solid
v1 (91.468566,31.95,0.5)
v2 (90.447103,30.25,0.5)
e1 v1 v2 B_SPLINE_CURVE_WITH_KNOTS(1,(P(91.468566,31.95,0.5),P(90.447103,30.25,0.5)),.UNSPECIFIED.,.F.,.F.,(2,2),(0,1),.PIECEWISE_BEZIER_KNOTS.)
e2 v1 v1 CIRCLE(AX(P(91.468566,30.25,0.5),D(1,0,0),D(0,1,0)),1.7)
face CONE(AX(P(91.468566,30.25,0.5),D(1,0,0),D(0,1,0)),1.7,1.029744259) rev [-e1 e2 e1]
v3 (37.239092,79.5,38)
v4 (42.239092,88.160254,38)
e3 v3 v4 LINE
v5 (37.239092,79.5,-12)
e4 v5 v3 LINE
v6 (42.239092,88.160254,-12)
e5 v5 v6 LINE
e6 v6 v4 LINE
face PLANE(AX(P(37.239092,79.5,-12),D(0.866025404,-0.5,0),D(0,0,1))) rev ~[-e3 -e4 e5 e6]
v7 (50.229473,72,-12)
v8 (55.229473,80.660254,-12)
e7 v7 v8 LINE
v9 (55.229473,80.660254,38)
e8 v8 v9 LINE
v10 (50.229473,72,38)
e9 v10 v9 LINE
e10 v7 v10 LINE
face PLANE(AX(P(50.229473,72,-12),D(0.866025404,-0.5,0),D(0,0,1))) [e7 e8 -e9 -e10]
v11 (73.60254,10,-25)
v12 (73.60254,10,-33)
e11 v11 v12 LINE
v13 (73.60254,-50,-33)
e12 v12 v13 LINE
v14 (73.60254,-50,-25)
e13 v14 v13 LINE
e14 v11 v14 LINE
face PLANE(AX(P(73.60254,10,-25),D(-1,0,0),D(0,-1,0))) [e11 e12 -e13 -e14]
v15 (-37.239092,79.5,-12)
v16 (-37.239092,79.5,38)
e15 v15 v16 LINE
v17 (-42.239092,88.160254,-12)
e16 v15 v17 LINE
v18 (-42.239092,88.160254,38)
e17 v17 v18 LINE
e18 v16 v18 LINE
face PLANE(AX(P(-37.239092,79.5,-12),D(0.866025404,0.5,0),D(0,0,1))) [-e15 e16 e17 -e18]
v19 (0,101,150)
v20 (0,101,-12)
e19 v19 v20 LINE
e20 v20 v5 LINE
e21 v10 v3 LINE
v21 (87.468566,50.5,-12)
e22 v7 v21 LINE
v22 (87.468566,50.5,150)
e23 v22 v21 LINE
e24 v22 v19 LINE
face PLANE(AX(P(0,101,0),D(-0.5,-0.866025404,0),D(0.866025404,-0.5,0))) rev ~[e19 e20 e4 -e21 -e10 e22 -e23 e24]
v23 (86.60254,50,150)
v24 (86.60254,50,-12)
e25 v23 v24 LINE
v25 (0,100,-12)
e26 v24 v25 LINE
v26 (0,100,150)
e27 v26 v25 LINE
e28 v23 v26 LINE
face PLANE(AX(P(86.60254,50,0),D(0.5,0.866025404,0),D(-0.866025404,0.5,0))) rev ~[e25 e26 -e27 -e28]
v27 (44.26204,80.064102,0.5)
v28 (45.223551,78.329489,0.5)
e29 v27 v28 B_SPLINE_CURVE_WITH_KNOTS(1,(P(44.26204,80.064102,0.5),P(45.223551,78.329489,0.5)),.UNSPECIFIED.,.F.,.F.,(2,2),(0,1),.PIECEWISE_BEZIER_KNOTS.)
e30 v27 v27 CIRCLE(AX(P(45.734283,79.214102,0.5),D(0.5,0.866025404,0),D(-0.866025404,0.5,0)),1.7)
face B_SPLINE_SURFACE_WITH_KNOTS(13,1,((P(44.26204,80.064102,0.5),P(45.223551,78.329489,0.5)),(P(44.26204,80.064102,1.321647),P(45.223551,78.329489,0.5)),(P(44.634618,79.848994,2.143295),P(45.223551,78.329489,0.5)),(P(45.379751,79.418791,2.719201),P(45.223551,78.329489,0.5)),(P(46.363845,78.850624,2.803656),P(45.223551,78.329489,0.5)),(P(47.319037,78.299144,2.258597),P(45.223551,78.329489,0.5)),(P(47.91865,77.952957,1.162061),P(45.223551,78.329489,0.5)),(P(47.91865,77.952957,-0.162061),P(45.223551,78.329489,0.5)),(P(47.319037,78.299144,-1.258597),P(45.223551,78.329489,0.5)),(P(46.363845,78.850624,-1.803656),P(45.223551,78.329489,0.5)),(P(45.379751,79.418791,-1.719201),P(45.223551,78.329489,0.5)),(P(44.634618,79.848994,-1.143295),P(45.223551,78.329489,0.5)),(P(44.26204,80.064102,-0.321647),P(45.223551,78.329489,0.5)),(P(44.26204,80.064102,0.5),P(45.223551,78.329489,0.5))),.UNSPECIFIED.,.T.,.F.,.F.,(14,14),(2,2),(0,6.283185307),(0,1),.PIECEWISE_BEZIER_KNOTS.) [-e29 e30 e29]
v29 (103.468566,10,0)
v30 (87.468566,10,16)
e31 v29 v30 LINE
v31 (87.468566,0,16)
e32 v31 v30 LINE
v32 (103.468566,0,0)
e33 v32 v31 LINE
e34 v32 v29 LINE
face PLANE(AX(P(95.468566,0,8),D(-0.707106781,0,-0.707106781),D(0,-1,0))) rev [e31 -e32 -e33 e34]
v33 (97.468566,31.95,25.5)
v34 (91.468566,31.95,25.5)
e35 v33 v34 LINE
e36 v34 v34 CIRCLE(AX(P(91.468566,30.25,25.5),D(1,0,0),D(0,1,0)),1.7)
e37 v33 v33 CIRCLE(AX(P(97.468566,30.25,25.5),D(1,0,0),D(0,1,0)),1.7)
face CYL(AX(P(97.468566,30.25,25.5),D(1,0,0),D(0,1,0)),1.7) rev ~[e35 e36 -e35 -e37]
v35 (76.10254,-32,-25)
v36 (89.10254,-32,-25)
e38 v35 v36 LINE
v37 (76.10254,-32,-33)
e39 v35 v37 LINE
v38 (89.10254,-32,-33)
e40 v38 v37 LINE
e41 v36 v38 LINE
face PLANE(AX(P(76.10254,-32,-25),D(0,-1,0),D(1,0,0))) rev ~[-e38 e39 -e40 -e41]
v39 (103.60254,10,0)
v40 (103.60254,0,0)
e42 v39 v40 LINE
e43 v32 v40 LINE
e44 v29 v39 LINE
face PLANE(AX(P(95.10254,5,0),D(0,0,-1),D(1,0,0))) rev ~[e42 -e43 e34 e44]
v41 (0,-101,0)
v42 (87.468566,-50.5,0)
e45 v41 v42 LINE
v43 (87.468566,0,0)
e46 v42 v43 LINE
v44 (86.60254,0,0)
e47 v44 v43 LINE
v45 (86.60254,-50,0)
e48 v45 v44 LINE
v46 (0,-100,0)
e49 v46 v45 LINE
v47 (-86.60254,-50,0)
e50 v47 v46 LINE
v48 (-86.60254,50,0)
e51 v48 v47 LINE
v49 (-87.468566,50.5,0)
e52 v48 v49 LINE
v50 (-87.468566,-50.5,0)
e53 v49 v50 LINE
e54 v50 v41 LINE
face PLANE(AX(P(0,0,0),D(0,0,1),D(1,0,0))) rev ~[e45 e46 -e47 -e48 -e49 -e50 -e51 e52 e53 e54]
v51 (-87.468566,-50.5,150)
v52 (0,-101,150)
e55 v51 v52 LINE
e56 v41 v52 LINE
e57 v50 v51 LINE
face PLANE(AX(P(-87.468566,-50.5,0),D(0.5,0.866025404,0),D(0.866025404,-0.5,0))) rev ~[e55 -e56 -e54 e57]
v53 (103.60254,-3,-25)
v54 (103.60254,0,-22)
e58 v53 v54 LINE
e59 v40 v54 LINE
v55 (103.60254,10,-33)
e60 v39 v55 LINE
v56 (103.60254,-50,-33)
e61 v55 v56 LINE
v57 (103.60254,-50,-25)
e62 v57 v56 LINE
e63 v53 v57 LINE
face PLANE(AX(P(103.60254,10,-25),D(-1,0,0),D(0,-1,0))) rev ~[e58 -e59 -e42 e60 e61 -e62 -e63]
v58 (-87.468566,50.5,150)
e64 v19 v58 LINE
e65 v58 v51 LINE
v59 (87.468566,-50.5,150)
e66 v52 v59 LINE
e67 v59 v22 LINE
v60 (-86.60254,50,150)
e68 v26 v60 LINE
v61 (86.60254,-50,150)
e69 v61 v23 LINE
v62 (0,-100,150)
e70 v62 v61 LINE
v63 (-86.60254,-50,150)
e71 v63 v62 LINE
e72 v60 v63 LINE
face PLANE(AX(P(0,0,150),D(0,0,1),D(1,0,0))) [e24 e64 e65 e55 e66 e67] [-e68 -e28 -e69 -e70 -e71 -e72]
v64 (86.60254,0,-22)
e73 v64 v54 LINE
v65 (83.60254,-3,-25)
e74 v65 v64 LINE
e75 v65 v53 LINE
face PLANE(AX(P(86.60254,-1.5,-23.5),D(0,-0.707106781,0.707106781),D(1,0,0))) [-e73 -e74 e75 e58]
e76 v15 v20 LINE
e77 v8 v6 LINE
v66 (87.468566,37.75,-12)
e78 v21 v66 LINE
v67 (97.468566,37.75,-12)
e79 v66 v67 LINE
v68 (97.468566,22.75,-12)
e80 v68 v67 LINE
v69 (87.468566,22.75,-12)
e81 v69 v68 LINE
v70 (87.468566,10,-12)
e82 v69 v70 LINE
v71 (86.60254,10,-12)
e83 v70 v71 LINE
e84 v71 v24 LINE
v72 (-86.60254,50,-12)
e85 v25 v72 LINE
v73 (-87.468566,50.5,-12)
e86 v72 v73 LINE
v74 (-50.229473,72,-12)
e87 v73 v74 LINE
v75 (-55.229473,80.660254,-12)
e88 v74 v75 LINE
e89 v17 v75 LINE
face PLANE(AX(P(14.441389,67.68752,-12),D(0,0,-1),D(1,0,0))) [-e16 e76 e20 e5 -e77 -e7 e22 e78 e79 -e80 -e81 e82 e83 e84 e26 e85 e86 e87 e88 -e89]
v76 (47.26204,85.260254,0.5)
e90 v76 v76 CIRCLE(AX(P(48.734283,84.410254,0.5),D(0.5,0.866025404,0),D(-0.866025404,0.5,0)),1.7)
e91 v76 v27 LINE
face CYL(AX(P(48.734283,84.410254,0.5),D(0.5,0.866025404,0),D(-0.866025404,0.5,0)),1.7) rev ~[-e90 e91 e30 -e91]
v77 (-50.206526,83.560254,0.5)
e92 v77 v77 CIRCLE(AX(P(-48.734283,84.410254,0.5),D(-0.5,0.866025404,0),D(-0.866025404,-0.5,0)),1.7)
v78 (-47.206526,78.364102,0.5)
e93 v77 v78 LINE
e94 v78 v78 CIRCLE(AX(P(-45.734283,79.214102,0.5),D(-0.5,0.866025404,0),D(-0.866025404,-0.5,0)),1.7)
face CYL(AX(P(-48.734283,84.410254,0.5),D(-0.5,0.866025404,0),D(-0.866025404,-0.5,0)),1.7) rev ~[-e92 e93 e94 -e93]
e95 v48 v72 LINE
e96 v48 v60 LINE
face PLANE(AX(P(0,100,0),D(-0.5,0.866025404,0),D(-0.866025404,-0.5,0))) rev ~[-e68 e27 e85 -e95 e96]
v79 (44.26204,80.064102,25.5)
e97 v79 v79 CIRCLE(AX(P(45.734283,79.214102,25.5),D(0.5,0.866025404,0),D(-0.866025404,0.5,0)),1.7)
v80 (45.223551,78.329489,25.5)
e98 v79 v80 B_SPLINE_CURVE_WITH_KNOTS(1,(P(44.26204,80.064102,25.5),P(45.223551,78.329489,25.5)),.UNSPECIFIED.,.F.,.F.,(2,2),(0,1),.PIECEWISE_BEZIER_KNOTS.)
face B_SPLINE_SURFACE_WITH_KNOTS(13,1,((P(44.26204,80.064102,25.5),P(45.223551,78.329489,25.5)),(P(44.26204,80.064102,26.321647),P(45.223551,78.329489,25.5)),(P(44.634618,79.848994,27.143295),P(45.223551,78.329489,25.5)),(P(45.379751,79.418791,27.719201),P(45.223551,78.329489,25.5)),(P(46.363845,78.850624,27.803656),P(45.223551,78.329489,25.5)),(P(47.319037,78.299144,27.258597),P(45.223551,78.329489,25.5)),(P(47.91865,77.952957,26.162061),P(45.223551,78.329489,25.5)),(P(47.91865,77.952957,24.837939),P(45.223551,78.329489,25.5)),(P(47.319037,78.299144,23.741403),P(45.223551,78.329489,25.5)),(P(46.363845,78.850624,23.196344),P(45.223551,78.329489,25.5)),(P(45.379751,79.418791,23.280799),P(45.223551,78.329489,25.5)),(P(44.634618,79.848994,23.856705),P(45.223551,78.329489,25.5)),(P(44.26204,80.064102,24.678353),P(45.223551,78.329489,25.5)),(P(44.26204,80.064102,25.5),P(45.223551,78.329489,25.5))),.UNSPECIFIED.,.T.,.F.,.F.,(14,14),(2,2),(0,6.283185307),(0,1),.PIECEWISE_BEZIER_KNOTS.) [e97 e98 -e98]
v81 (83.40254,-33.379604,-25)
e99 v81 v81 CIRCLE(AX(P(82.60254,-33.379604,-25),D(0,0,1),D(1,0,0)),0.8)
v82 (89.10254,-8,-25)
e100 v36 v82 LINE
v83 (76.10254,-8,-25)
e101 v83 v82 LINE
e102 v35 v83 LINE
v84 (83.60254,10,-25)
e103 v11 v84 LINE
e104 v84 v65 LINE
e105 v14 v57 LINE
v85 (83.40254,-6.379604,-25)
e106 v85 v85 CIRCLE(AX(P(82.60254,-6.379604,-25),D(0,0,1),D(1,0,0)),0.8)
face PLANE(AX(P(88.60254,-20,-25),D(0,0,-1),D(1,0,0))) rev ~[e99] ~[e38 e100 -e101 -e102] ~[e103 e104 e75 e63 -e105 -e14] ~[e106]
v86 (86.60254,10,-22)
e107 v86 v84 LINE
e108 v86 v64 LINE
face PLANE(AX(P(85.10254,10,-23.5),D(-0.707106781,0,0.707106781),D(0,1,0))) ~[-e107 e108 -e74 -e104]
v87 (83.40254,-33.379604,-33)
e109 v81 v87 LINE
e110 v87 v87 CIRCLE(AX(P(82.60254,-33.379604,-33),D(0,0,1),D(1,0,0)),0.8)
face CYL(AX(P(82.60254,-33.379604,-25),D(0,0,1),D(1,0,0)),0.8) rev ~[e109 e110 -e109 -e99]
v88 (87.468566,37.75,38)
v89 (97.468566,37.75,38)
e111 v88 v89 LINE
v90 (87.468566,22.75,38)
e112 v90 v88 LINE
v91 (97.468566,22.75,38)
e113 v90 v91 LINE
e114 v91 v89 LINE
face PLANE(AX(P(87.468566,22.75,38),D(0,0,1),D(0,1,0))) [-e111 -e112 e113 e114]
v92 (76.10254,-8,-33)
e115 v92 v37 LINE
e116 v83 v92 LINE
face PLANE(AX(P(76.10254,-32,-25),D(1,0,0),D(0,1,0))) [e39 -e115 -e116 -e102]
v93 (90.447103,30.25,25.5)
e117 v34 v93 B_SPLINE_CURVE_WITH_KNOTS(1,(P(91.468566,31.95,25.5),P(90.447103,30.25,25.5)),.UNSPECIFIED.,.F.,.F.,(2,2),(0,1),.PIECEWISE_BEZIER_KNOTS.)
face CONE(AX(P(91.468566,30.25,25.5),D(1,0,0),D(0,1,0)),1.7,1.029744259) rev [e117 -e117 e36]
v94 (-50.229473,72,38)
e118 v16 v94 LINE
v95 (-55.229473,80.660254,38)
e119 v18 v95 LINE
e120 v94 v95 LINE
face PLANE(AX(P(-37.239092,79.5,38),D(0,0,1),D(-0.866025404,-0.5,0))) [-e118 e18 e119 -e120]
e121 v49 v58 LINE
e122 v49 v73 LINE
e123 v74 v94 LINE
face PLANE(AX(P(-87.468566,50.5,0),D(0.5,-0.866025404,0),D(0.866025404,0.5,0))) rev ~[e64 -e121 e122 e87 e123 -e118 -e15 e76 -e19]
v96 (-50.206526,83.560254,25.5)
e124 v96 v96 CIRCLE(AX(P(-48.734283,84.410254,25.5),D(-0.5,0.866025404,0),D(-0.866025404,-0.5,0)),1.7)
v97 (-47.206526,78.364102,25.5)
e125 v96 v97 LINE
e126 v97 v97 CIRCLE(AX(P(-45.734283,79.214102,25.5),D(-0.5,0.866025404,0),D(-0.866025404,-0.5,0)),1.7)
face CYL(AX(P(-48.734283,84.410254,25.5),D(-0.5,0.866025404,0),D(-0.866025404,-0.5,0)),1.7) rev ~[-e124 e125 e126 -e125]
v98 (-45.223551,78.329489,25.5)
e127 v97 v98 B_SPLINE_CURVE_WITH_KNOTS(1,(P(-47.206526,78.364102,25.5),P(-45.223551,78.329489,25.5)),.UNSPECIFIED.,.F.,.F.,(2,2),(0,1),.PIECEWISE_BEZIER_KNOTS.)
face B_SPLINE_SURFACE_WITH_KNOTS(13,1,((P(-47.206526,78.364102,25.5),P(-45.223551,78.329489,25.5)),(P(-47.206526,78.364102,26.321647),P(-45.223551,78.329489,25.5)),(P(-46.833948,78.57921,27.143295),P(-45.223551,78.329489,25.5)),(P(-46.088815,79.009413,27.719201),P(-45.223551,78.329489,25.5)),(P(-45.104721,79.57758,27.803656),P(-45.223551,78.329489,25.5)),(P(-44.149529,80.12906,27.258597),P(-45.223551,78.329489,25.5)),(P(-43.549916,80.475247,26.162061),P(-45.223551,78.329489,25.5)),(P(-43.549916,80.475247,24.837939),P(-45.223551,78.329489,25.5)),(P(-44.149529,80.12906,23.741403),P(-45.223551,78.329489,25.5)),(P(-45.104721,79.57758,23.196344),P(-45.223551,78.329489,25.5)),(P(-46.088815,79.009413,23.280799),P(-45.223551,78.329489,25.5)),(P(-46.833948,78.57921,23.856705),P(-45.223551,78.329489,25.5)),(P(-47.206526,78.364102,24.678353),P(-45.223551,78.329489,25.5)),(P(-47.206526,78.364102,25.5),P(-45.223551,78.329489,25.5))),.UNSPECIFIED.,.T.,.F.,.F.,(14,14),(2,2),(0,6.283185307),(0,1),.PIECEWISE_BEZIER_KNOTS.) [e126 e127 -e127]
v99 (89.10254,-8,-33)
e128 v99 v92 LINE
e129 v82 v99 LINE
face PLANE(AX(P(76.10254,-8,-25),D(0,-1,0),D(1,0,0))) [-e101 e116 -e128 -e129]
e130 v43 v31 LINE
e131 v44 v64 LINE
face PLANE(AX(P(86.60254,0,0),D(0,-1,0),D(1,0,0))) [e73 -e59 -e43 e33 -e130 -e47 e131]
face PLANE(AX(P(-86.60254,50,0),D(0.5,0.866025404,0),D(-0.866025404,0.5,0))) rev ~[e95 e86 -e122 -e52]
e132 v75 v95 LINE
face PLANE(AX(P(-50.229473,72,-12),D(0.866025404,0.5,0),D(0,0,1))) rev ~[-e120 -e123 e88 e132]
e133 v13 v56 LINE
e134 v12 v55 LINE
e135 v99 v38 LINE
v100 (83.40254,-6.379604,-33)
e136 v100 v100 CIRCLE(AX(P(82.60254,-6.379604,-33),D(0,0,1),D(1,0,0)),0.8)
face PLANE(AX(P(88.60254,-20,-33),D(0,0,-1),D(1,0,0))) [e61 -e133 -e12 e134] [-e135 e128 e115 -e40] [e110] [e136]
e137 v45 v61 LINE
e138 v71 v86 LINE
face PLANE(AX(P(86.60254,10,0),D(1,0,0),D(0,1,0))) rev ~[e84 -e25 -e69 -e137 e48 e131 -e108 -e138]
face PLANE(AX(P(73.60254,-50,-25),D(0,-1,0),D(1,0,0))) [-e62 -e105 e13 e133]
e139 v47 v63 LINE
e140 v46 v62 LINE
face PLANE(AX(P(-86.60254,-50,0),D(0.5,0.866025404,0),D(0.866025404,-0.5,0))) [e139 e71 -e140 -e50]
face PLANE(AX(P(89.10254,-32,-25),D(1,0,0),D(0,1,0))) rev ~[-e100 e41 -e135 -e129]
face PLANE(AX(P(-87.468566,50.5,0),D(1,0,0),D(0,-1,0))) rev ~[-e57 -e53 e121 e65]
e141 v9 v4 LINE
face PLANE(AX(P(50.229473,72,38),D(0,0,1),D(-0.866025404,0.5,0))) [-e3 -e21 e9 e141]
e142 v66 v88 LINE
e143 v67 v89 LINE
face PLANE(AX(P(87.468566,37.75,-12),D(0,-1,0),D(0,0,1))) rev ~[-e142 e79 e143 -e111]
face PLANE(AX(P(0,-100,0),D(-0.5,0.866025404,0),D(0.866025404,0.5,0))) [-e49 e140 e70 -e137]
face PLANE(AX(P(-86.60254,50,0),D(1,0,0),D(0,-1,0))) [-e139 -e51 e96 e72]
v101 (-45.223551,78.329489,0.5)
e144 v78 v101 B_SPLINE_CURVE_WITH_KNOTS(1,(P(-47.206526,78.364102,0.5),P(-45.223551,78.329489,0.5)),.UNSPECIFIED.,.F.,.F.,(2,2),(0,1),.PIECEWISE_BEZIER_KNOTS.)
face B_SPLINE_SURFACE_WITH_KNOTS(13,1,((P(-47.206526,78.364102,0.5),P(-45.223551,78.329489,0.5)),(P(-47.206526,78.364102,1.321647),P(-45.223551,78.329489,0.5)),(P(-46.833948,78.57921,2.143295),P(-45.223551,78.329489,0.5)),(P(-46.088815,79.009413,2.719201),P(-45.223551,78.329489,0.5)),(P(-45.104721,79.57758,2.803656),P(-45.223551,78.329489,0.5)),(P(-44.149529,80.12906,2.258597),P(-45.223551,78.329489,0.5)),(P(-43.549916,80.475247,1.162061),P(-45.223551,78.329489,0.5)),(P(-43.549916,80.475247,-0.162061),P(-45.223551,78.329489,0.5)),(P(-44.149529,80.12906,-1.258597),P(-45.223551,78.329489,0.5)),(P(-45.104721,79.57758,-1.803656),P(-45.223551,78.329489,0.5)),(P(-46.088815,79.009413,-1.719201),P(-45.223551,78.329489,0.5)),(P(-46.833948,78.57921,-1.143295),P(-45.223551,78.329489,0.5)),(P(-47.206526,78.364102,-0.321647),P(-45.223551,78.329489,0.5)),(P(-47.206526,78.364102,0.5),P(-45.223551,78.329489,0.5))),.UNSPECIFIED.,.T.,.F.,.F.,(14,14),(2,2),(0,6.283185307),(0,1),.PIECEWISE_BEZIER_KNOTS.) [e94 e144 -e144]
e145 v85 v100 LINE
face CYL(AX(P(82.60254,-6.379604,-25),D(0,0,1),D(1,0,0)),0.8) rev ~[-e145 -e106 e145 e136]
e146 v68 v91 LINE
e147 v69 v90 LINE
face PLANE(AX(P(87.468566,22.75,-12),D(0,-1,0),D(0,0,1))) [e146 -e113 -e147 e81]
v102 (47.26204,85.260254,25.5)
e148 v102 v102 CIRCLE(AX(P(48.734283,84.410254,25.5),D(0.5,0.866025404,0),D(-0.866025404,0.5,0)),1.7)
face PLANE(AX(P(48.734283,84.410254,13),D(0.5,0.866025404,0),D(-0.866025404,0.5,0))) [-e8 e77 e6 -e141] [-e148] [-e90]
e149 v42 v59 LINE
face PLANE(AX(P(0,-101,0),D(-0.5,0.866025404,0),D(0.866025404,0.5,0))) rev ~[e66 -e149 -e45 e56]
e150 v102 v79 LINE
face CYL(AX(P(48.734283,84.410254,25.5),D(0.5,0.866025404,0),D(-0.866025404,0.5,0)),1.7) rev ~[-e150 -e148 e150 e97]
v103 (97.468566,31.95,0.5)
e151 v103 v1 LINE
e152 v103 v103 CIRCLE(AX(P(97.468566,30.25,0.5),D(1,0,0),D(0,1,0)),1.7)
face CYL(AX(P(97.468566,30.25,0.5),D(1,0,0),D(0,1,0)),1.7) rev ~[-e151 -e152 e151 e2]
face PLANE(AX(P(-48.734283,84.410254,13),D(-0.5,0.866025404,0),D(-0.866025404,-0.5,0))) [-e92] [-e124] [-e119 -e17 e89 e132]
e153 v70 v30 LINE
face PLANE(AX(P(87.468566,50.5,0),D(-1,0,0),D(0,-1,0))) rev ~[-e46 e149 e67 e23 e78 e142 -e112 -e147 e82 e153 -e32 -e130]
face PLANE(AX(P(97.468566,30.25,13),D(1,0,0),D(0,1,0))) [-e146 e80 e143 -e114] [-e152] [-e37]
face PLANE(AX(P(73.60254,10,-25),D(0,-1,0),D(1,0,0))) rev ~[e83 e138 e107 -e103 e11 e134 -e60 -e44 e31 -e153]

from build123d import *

# Parameters (mm, degrees)
PAD_DEPTH       = 150
SKETCH001_W     = 17
SKETCH001_H     = 10
PAD001_DEPTH    = 25
SKETCH002_W     = 30
SKETCH002_H     = 60
PAD002_DEPTH    = 8
SKETCH003_W     = 13
SKETCH003_H     = 24
POCKET_DEPTH    = 8.001
SKETCH004_R     = 0.8
HOLE_DEPTH      = 25
CHAMFER_SIZE    = 16
CHAMFER001_SIZE = 3
PAD003_DEPTH    = 12
SKETCH006_W     = 15
SKETCH006_H     = 50
PAD004_DEPTH    = 10
SKETCH007_R     = 1.7
HOLE001_DEPTH   = 6
HOLE001_TIPS_R  = 1.7
SKETCH008_W     = 15
SKETCH008_H     = 50
PAD005_DEPTH    = 10
SKETCH009_R     = 1.7
HOLE002_DEPTH   = 6
HOLE002_TIPS_R  = 1.7
SKETCH010_W     = 15
SKETCH010_H     = 50
PAD006_DEPTH    = 10
SKETCH011_R     = 1.7
HOLE003_DEPTH   = 6
HOLE003_TIPS_R  = 1.7


with BuildPart() as part:
    # Sketch → Pad (new body)
    with BuildSketch(Plane.XY):
        Polygon((87.4685657822, -50.5), (87.4685657822, 50.5), (0, 101), (-87.4685657822, 50.5), (-87.4685657822, -50.5), (0, -101), align=None)
        Polygon((86.6025403784, 50), (0, 100), (-86.6025403784, 50), (-86.6025403784, -50), (0, -100), (86.6025403784, -50), align=None, mode=Mode.SUBTRACT)
    extrude(amount=PAD_DEPTH)

    # Sketch001 (on Face13 of Pad) → Pad001 (join)
    with BuildSketch(Plane(origin=(0, 0, 0), x_dir=(1, 0, 0), z_dir=(0, 0, -1))):
        with Locations((95.1025403784, -5)):
            Rectangle(SKETCH001_W, SKETCH001_H)
    extrude(amount=PAD001_DEPTH)

    # Sketch002 (on Face20 of Pad001) → Pad002 (join)
    with BuildSketch(Plane(origin=(0, 0, -25), x_dir=(1, 0, 0), z_dir=(0, 0, -1))):
        with Locations((88.6025403784, 20)):
            Rectangle(SKETCH002_W, SKETCH002_H)
    extrude(amount=PAD002_DEPTH)

    # Sketch003 (on Face21 of Pad002) → Pocket (cut, through all)
    with BuildSketch(Plane.XY.offset(-25)):
        with Locations((82.6025403784, -20)):
            Rectangle(SKETCH003_W, SKETCH003_H)
    extrude(amount=-POCKET_DEPTH, mode=Mode.SUBTRACT)

    # Sketch004 (on Face21 of Pocket) → Hole (cut)
    with BuildSketch(Plane.XY.offset(-25)):
        with Locations((82.6025403784, -6.379604)):
            Circle(SKETCH004_R)
        with Locations((82.6025403784, -33.379604)):
            Circle(SKETCH004_R)
    extrude(amount=-HOLE_DEPTH, mode=Mode.SUBTRACT)

    # Chamfer
    chamfer_edges = [part.edges().sort_by_distance(p)[0] for p in [
        (87.468566, 5, 0),
    ]]
    chamfer(chamfer_edges, length=CHAMFER_SIZE)

    # Chamfer001
    chamfer001_edges = [part.edges().sort_by_distance(p)[0] for p in [
        (95.10254, 0, -25),
        (86.60254, 5, -25),
    ]]
    chamfer(chamfer001_edges, length=CHAMFER001_SIZE)

    # Sketch005 (on Face7 of Chamfer001) → Pad003 (join)
    with BuildSketch(Plane(origin=(0, 0, 0), x_dir=(1, 0, 0), z_dir=(0, 0, -1))):
        Polygon((86.6025403784, -10), (86.6025403784, -50), (0, -100), (-86.6025403784, -50), (-87.4685657822, -50.5), (0, -101), (87.4685657822, -50.5), (87.4685657822, -10), align=None)
    extrude(amount=PAD003_DEPTH)

    # Sketch006 (on Face23 of Pad003) → Pad004 (join)
    with BuildSketch(Plane.YZ.offset(87.4685657822)):
        with Locations((30.25, 13)):
            Rectangle(SKETCH006_W, SKETCH006_H)
    extrude(amount=PAD004_DEPTH)

    # Sketch007 (on Face47 of Pad004) → Hole001 (cut)
    with BuildSketch(Plane.YZ.offset(97.4685657822)):
        with Locations((30.25, 25.5)):
            Circle(SKETCH007_R)
        with Locations((30.25, 0.5)):
            Circle(SKETCH007_R)
    extrude(amount=-HOLE001_DEPTH, mode=Mode.SUBTRACT)

    # Hole001 tips → Hole001 tip 1 section 0
    with BuildSketch(Plane.YZ.offset(91.4685657822), mode=Mode.PRIVATE) as hole001_tip_1_s0:
        with Locations((30.25, 25.5)):
            Circle(HOLE001_TIPS_R)
    loft([hole001_tip_1_s0.sketch, Vertex(90.4471027299, 30.25, 25.5)], mode=Mode.SUBTRACT)

    # Hole001 tips → Hole001 tip 2 section 0
    with BuildSketch(Plane.YZ.offset(91.4685657822), mode=Mode.PRIVATE) as hole001_tip_2_s0:
        with Locations((30.25, 0.5)):
            Circle(HOLE001_TIPS_R)
    loft([hole001_tip_2_s0.sketch, Vertex(90.4471027299, 30.25, 0.5)], mode=Mode.SUBTRACT)

    # Sketch008 (on Face48 of Hole001) → Pad005 (join)
    with BuildSketch(Plane(origin=(43.7342828911, 75.75, 0), x_dir=(-0.8660254038, 0.5, 0), z_dir=(0.5, 0.8660254038, 0))):
        with Locations((0, 13)):
            Rectangle(SKETCH008_W, SKETCH008_H)
    extrude(amount=PAD005_DEPTH)

    # Sketch009 (on Face56 of Pad005) → Hole002 (cut)
    with BuildSketch(Plane(origin=(48.7342828911, 84.4102540378, 0), x_dir=(-0.8660254038, 0.5, 0), z_dir=(0.5, 0.8660254038, 0))):
        with Locations((0, 25.5)):
            Circle(SKETCH009_R)
        with Locations((0, 0.5)):
            Circle(SKETCH009_R)
    extrude(amount=-HOLE002_DEPTH, mode=Mode.SUBTRACT)

    # Hole002 tips → Hole002 tip 1 section 0
    with BuildSketch(Plane(origin=(45.7342828911, 79.2141016151, 0), x_dir=(-0.8660254038, 0.5, 0), z_dir=(0.5, 0.8660254038, 0)), mode=Mode.PRIVATE) as hole002_tip_1_s0:
        with Locations((0, 25.5)):
            Circle(HOLE002_TIPS_R)
    loft([hole002_tip_1_s0.sketch, Vertex(45.2235513649, 78.3294886628, 25.5)], mode=Mode.SUBTRACT)

    # Hole002 tips → Hole002 tip 2 section 0
    with BuildSketch(Plane(origin=(45.7342828911, 79.2141016151, 0), x_dir=(-0.8660254038, 0.5, 0), z_dir=(0.5, 0.8660254038, 0)), mode=Mode.PRIVATE) as hole002_tip_2_s0:
        with Locations((0, 0.5)):
            Circle(HOLE002_TIPS_R)
    loft([hole002_tip_2_s0.sketch, Vertex(45.2235513649, 78.3294886628, 0.5)], mode=Mode.SUBTRACT)

    # Sketch010 (on Face44 of Hole002) → Pad006 (join)
    with BuildSketch(Plane(origin=(-43.7342828911, 75.75, 0), x_dir=(-0.8660254038, -0.5, 0), z_dir=(-0.5, 0.8660254038, 0))):
        with Locations((0, 13)):
            Rectangle(SKETCH010_W, SKETCH010_H)
    extrude(amount=PAD006_DEPTH)

    # Sketch011 (on Face62 of Pad006) → Hole003 (cut)
    with BuildSketch(Plane(origin=(-48.7342828911, 84.4102540378, 0), x_dir=(-0.8660254038, -0.5, 0), z_dir=(-0.5, 0.8660254038, 0))):
        with Locations((0, 25.5)):
            Circle(SKETCH011_R)
        with Locations((0, 0.5)):
            Circle(SKETCH011_R)
    extrude(amount=-HOLE003_DEPTH, mode=Mode.SUBTRACT)

    # Hole003 tips → Hole003 tip 1 section 0
    with BuildSketch(Plane(origin=(-45.7342828911, 79.2141016151, 0), x_dir=(-0.8660254038, -0.5, 0), z_dir=(-0.5, 0.8660254038, 0)), mode=Mode.PRIVATE) as hole003_tip_1_s0:
        with Locations((0, 25.5)):
            Circle(HOLE003_TIPS_R)
    loft([hole003_tip_1_s0.sketch, Vertex(-45.2235513649, 78.3294886628, 25.5)], mode=Mode.SUBTRACT)

    # Hole003 tips → Hole003 tip 2 section 0
    with BuildSketch(Plane(origin=(-45.7342828911, 79.2141016151, 0), x_dir=(-0.8660254038, -0.5, 0), z_dir=(-0.5, 0.8660254038, 0)), mode=Mode.PRIVATE) as hole003_tip_2_s0:
        with Locations((0, 0.5)):
            Circle(HOLE003_TIPS_R)
    loft([hole003_tip_2_s0.sketch, Vertex(-45.2235513649, 78.3294886628, 0.5)], mode=Mode.SUBTRACT)


solid = part.part
